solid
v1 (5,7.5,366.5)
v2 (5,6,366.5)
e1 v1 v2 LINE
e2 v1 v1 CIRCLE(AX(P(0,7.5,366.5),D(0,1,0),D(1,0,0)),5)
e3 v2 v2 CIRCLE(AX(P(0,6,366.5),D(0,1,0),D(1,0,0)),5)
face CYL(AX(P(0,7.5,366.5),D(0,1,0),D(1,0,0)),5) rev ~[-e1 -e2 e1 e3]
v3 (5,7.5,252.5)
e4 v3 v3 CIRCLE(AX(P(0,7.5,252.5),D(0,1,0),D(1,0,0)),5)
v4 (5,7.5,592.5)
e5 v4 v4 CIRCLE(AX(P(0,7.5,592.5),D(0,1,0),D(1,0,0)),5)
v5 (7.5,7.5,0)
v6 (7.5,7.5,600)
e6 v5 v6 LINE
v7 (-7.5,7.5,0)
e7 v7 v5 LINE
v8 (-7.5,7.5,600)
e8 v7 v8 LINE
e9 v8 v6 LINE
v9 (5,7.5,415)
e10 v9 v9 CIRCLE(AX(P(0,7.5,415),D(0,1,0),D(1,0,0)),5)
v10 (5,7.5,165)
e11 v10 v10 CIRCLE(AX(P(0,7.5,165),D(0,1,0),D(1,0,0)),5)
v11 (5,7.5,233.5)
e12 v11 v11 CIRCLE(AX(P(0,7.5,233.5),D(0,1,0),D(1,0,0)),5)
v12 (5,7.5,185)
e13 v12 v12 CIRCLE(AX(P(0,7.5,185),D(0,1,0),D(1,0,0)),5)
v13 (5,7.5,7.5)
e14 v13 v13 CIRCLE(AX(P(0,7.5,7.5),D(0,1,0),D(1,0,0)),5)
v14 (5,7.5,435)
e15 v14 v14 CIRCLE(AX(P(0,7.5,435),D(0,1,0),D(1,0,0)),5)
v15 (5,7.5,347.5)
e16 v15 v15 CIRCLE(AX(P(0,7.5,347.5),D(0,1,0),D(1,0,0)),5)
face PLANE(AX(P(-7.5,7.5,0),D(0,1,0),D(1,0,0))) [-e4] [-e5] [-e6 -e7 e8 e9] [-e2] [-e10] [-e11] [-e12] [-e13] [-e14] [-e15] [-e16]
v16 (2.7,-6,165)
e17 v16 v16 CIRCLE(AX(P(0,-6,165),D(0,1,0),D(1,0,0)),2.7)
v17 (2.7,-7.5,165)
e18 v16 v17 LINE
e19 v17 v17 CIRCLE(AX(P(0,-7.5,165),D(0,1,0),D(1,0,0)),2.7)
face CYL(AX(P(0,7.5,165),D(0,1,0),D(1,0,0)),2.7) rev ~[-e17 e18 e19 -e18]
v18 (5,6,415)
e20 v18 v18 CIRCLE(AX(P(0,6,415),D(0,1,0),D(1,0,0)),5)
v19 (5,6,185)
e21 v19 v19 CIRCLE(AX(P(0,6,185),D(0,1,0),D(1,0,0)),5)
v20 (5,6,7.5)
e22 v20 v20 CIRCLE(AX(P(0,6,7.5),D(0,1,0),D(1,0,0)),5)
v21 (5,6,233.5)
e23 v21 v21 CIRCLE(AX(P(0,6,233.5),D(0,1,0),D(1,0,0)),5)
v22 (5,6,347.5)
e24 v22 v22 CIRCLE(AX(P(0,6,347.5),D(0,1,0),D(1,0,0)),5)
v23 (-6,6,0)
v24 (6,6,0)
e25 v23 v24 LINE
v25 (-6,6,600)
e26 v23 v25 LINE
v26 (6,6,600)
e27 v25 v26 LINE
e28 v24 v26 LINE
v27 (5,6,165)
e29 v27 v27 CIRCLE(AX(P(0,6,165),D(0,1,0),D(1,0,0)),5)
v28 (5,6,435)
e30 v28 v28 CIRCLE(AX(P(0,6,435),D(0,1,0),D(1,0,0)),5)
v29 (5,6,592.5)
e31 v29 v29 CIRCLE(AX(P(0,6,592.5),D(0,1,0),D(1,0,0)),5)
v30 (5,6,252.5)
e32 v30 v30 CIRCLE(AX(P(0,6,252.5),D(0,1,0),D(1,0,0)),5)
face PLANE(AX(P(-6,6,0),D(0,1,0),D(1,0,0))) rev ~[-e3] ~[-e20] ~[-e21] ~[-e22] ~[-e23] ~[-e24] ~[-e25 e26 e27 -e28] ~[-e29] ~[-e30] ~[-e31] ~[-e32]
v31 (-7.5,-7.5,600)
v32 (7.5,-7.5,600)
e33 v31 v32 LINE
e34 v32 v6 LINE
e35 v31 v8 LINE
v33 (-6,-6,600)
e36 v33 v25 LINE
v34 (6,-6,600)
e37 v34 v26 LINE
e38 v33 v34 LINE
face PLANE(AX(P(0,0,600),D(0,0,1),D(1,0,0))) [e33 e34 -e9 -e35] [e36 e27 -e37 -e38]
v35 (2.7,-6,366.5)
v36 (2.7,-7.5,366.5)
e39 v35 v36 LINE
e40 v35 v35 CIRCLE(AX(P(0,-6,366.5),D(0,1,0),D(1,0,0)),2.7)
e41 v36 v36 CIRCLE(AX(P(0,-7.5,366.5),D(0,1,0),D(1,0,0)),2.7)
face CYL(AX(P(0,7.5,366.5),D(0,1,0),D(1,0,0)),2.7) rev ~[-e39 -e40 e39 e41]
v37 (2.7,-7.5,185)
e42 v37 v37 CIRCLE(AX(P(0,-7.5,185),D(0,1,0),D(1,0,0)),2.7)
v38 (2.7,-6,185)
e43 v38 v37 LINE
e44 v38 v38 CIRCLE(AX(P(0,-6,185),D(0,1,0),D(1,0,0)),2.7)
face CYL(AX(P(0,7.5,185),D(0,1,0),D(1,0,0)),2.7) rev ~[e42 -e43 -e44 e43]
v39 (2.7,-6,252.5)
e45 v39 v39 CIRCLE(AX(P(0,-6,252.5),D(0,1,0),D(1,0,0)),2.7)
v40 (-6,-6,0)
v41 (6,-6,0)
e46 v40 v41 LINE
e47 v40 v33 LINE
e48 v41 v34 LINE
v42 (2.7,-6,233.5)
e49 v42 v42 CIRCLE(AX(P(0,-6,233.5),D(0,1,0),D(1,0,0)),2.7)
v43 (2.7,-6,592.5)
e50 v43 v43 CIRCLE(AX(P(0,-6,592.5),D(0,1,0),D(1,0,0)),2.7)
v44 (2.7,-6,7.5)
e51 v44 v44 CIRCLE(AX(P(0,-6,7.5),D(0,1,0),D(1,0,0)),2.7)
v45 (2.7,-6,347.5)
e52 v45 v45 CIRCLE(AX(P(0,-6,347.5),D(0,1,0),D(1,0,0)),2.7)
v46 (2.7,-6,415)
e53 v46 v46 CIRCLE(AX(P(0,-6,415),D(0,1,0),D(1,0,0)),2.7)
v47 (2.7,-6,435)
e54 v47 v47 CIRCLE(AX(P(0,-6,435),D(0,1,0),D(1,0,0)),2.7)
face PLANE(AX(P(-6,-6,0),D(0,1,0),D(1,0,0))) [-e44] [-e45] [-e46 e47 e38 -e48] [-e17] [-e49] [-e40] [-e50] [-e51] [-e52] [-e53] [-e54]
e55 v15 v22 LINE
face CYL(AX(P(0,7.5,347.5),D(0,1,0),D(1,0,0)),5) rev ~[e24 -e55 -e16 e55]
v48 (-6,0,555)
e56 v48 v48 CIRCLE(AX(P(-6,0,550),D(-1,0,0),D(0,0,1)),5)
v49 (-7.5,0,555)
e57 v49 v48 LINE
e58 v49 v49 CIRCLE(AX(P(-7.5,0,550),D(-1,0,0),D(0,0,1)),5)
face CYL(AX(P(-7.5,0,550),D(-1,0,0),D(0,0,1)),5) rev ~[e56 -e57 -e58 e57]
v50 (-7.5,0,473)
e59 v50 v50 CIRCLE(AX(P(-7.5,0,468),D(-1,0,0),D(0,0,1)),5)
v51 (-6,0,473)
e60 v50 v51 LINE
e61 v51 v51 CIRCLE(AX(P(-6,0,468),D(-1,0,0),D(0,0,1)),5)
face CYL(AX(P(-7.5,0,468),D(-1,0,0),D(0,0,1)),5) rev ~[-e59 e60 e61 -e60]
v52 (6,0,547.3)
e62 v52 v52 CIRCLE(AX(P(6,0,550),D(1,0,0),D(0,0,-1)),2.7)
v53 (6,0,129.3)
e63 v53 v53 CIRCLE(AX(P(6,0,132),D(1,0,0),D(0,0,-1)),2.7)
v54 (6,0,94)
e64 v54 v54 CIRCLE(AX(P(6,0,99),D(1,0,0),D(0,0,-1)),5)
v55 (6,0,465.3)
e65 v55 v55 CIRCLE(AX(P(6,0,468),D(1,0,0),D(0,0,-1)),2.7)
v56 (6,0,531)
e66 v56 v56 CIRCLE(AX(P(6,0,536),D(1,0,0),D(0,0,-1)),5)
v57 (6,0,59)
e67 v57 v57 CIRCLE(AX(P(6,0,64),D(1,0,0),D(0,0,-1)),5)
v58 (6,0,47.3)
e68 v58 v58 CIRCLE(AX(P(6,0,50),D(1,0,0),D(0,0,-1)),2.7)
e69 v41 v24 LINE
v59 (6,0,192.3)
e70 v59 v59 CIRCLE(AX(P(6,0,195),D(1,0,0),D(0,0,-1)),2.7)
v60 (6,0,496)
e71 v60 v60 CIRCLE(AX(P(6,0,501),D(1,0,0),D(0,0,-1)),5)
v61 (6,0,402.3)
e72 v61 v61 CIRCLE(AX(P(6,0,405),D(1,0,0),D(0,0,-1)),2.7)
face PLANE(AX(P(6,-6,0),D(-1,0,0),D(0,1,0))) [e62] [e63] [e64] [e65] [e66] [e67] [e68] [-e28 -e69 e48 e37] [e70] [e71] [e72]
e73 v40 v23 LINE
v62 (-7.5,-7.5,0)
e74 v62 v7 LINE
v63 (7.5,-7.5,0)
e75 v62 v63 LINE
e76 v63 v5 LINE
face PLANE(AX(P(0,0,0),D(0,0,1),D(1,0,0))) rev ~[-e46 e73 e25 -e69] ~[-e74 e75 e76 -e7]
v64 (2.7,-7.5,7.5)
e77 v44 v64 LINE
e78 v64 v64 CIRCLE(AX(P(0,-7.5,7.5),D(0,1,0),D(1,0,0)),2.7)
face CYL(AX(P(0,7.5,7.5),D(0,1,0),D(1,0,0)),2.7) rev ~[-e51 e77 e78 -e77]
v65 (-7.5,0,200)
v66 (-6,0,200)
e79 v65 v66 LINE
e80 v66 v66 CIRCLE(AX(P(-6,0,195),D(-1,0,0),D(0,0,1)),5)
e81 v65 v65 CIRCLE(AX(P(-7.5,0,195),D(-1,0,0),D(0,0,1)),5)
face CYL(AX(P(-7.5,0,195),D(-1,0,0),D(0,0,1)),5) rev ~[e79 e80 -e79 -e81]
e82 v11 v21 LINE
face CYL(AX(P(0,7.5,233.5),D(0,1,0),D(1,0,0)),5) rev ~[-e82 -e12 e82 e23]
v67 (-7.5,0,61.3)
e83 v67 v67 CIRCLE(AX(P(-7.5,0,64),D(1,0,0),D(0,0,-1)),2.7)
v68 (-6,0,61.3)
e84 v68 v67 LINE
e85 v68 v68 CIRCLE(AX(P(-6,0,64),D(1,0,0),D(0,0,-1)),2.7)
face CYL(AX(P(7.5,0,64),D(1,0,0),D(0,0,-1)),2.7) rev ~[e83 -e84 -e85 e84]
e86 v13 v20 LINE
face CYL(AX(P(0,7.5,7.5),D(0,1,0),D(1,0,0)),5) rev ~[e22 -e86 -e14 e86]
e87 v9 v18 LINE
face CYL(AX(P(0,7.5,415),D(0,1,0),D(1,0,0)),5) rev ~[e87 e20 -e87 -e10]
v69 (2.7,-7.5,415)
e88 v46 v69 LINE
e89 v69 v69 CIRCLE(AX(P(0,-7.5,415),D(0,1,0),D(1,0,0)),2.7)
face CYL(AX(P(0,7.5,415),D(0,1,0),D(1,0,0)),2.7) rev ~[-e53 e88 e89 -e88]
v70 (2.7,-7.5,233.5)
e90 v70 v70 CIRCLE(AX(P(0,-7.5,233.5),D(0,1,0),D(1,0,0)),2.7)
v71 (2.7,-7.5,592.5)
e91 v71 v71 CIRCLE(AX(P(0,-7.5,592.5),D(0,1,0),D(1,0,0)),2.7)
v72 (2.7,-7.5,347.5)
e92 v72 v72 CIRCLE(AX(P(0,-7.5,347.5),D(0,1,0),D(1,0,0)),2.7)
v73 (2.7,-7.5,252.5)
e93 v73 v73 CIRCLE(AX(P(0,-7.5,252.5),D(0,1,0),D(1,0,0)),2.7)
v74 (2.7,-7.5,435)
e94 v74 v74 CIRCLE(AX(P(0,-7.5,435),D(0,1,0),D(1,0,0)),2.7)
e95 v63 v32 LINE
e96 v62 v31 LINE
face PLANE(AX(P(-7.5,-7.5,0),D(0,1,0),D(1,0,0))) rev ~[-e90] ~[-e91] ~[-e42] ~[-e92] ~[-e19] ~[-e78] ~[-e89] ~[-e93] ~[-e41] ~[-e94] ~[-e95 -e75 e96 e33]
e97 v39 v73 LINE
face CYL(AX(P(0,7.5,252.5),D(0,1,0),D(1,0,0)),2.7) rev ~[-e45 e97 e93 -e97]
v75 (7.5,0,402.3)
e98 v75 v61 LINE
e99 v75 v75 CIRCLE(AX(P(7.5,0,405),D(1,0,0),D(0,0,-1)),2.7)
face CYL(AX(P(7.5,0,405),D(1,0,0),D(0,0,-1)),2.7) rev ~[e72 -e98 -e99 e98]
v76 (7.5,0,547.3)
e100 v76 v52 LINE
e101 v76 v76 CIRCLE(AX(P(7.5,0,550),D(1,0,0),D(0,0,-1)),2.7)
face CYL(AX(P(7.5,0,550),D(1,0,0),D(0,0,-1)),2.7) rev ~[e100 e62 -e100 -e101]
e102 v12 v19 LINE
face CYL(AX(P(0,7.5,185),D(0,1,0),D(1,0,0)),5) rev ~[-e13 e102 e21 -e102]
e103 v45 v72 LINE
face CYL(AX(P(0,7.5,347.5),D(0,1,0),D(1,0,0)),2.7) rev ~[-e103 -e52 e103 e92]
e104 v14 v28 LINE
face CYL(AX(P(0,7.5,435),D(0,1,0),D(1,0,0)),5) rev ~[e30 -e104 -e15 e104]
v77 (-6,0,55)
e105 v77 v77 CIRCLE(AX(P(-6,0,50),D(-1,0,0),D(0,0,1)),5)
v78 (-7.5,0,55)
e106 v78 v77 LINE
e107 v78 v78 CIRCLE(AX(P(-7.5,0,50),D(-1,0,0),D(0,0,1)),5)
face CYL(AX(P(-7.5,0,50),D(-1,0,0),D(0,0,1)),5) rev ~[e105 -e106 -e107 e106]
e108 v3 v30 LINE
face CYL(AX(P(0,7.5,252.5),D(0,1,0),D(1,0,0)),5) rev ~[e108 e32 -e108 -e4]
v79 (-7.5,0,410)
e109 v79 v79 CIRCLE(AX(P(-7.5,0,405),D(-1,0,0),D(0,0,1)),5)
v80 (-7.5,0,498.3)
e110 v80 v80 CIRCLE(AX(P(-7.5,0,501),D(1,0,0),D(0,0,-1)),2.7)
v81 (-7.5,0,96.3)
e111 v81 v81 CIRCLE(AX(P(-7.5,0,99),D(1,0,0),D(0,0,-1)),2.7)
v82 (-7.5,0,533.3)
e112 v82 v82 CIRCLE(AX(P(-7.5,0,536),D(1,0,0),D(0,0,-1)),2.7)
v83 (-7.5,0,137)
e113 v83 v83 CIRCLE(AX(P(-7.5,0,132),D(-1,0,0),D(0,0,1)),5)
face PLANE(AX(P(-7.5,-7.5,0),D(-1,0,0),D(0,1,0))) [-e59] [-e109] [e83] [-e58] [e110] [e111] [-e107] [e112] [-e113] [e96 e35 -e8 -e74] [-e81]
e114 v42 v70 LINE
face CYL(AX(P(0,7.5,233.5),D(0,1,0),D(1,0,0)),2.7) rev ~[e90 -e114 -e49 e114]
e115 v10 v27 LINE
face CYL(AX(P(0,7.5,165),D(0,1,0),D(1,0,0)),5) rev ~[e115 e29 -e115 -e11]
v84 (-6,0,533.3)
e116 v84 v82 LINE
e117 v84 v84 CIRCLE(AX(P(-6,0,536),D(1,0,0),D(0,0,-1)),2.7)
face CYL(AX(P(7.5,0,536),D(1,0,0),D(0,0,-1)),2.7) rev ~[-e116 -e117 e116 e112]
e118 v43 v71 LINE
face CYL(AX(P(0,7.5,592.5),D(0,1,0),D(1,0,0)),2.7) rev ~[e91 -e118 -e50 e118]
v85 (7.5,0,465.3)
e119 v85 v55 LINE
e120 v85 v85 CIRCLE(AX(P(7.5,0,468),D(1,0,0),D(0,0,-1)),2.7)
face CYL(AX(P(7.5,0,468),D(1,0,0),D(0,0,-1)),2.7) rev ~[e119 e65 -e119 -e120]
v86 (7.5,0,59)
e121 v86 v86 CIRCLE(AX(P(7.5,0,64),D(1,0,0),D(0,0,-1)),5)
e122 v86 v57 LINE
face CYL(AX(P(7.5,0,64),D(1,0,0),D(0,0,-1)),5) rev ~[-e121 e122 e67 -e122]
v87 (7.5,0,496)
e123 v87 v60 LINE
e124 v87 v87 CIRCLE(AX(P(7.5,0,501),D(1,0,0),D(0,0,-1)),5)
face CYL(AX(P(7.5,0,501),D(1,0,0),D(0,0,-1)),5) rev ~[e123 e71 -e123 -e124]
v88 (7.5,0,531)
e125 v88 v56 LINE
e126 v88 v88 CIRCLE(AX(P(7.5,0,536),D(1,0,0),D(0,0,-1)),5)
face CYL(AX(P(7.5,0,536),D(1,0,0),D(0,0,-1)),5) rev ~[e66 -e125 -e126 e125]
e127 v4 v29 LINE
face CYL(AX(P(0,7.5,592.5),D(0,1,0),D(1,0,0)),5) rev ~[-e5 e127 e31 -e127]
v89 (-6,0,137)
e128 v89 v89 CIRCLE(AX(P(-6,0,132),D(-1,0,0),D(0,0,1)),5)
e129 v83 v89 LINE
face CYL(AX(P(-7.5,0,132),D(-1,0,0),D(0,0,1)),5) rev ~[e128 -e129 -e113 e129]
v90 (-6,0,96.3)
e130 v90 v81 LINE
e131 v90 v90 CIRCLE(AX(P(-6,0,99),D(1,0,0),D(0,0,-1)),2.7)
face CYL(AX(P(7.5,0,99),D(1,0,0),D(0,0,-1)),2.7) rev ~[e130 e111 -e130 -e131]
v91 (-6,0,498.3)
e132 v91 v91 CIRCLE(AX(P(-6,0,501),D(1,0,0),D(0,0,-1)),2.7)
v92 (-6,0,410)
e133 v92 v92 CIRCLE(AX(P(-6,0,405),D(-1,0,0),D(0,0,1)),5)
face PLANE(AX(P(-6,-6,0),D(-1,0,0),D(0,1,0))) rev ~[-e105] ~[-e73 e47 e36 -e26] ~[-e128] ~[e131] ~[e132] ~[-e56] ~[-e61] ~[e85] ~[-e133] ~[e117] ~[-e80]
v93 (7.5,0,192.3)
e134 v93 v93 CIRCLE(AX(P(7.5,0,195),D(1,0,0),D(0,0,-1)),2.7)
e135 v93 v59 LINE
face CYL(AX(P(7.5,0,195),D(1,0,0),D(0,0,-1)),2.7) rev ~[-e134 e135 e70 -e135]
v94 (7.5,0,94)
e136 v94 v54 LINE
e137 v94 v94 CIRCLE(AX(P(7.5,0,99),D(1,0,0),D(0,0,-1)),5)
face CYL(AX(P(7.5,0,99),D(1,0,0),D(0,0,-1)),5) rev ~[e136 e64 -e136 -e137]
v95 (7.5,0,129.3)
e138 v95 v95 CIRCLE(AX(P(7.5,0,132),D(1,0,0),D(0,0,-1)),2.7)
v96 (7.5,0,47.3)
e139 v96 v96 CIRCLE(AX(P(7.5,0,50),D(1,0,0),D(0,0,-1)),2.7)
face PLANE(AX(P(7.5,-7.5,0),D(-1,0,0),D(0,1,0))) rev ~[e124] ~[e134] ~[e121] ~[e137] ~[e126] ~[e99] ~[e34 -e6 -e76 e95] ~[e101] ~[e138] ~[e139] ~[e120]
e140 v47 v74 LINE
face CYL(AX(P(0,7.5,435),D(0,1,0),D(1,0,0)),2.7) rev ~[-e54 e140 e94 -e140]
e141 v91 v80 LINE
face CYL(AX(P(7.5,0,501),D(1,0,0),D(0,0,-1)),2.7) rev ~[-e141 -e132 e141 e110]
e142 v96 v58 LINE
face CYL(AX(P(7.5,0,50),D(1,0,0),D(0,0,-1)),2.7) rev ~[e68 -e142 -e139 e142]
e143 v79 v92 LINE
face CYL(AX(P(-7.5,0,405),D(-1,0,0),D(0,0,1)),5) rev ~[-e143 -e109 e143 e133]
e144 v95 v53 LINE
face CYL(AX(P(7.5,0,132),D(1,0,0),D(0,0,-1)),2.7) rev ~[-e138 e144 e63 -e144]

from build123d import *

# Parameters (mm, degrees)
SKETCH_1_W          = 15
SKETCH_1_H          = 15
SKETCH_1_W_2        = 12
SKETCH_1_H_2        = 12
EXTRUDE_1_DEPTH     = 600
SKETCH_3_R          = 2.7
CUT_EXTRUDE_2_DEPTH = 25
SKETCH_4_R          = 2.7
CUT_EXTRUDE_3_DEPTH = 20
SKETCH_6_R          = 2.7
CUT_EXTRUDE_5_DEPTH = 30
SKETCH_7_R          = 5
CUT_EXTRUDE_6_DEPTH = 10
SKETCH_8_R          = 5
CUT_EXTRUDE_7_DEPTH = 10
SKETCH_9_R          = 5
CUT_EXTRUDE_8_DEPTH = 10


with BuildPart() as part:
    # ｽｹｯﾁ1 → ﾎﾞｽ - 押し出し1 (new body)
    with BuildSketch(Plane.XY):
        Rectangle(SKETCH_1_W, SKETCH_1_H)
        Rectangle(SKETCH_1_W_2, SKETCH_1_H_2, mode=Mode.SUBTRACT)
    extrude(amount=EXTRUDE_1_DEPTH)

    # ｽｹｯﾁ3 → ｶｯﾄ - 押し出し2 (cut)
    with BuildSketch(Plane(origin=(0, 7.5, 0), x_dir=(1, 0, 0), z_dir=(0, 1, 0))):
        with Locations((0, -7.5)):
            Circle(SKETCH_3_R)
        with Locations((0, -592.5)):
            Circle(SKETCH_3_R)
        with Locations((0, -233.5)):
            Circle(SKETCH_3_R)
        with Locations((0, -366.5)):
            Circle(SKETCH_3_R)
    extrude(amount=-CUT_EXTRUDE_2_DEPTH, mode=Mode.SUBTRACT)

    # ｽｹｯﾁ4 → ｶｯﾄ - 押し出し3 (cut)
    with BuildSketch(Plane(origin=(7.5, 0, 0), x_dir=(0, 0, -1), z_dir=(1, 0, 0))):
        with Locations((-536, 0)):
            Circle(SKETCH_4_R)
        with Locations((-501, 0)):
            Circle(SKETCH_4_R)
        with Locations((-99, 0)):
            Circle(SKETCH_4_R)
        with Locations((-64, 0)):
            Circle(SKETCH_4_R)
        with Locations((-468, 0)):
            Circle(SKETCH_4_R)
        with Locations((-550, 0)):
            Circle(SKETCH_4_R)
        with Locations((-405, 0)):
            Circle(SKETCH_4_R)
        with Locations((-195, 0)):
            Circle(SKETCH_4_R)
        with Locations((-50, 0)):
            Circle(SKETCH_4_R)
        with Locations((-132, 0)):
            Circle(SKETCH_4_R)
    extrude(amount=-CUT_EXTRUDE_3_DEPTH, mode=Mode.SUBTRACT)

    # ｽｹｯﾁ6 → ｶｯﾄ - 押し出し5 (cut)
    with BuildSketch(Plane(origin=(0, 7.5, 0), x_dir=(1, 0, 0), z_dir=(0, 1, 0))):
        with Locations((0, -435)):
            Circle(SKETCH_6_R)
        with Locations((0, -415)):
            Circle(SKETCH_6_R)
        with Locations((0, -165)):
            Circle(SKETCH_6_R)
        with Locations((0, -185)):
            Circle(SKETCH_6_R)
        with Locations((0, -347.5)):
            Circle(SKETCH_6_R)
        with Locations((0, -252.5)):
            Circle(SKETCH_6_R)
    extrude(amount=-CUT_EXTRUDE_5_DEPTH, mode=Mode.SUBTRACT)

    # ｽｹｯﾁ7 → ｶｯﾄ - 押し出し6 (cut)
    with BuildSketch(Plane(origin=(0, 7.5, 0), x_dir=(1, 0, 0), z_dir=(0, 1, 0))):
        with Locations((0, -592.5)):
            Circle(SKETCH_7_R)
        with Locations((0, -7.5)):
            Circle(SKETCH_7_R)
        with Locations((0, -185)):
            Circle(SKETCH_7_R)
        with Locations((0, -165)):
            Circle(SKETCH_7_R)
        with Locations((0, -435)):
            Circle(SKETCH_7_R)
        with Locations((0, -415)):
            Circle(SKETCH_7_R)
        with Locations((0, -366.5)):
            Circle(SKETCH_7_R)
        with Locations((0, -233.5)):
            Circle(SKETCH_7_R)
        with Locations((0, -252.5)):
            Circle(SKETCH_7_R)
        with Locations((0, -347.5)):
            Circle(SKETCH_7_R)
    extrude(amount=-CUT_EXTRUDE_6_DEPTH, mode=Mode.SUBTRACT)

    # ｽｹｯﾁ8 → ｶｯﾄ - 押し出し7 (cut)
    with BuildSketch(Plane(origin=(7.5, 0, 0), x_dir=(0, 0, -1), z_dir=(1, 0, 0))):
        with Locations((-64, 0)):
            Circle(SKETCH_8_R)
        with Locations((-99, 0)):
            Circle(SKETCH_8_R)
        with Locations((-536, 0)):
            Circle(SKETCH_8_R)
        with Locations((-501, 0)):
            Circle(SKETCH_8_R)
    extrude(amount=-CUT_EXTRUDE_7_DEPTH, mode=Mode.SUBTRACT)

    # ｽｹｯﾁ9 → ｶｯﾄ - 押し出し8 (cut)
    with BuildSketch(Plane.ZY.offset(7.5)):
        with Locations((468, 0)):
            Circle(SKETCH_9_R)
        with Locations((405, 0)):
            Circle(SKETCH_9_R)
        with Locations((550, 0)):
            Circle(SKETCH_9_R)
        with Locations((195, 0)):
            Circle(SKETCH_9_R)
        with Locations((50, 0)):
            Circle(SKETCH_9_R)
        with Locations((132, 0)):
            Circle(SKETCH_9_R)
    extrude(amount=-CUT_EXTRUDE_8_DEPTH, mode=Mode.SUBTRACT)


solid = part.part
